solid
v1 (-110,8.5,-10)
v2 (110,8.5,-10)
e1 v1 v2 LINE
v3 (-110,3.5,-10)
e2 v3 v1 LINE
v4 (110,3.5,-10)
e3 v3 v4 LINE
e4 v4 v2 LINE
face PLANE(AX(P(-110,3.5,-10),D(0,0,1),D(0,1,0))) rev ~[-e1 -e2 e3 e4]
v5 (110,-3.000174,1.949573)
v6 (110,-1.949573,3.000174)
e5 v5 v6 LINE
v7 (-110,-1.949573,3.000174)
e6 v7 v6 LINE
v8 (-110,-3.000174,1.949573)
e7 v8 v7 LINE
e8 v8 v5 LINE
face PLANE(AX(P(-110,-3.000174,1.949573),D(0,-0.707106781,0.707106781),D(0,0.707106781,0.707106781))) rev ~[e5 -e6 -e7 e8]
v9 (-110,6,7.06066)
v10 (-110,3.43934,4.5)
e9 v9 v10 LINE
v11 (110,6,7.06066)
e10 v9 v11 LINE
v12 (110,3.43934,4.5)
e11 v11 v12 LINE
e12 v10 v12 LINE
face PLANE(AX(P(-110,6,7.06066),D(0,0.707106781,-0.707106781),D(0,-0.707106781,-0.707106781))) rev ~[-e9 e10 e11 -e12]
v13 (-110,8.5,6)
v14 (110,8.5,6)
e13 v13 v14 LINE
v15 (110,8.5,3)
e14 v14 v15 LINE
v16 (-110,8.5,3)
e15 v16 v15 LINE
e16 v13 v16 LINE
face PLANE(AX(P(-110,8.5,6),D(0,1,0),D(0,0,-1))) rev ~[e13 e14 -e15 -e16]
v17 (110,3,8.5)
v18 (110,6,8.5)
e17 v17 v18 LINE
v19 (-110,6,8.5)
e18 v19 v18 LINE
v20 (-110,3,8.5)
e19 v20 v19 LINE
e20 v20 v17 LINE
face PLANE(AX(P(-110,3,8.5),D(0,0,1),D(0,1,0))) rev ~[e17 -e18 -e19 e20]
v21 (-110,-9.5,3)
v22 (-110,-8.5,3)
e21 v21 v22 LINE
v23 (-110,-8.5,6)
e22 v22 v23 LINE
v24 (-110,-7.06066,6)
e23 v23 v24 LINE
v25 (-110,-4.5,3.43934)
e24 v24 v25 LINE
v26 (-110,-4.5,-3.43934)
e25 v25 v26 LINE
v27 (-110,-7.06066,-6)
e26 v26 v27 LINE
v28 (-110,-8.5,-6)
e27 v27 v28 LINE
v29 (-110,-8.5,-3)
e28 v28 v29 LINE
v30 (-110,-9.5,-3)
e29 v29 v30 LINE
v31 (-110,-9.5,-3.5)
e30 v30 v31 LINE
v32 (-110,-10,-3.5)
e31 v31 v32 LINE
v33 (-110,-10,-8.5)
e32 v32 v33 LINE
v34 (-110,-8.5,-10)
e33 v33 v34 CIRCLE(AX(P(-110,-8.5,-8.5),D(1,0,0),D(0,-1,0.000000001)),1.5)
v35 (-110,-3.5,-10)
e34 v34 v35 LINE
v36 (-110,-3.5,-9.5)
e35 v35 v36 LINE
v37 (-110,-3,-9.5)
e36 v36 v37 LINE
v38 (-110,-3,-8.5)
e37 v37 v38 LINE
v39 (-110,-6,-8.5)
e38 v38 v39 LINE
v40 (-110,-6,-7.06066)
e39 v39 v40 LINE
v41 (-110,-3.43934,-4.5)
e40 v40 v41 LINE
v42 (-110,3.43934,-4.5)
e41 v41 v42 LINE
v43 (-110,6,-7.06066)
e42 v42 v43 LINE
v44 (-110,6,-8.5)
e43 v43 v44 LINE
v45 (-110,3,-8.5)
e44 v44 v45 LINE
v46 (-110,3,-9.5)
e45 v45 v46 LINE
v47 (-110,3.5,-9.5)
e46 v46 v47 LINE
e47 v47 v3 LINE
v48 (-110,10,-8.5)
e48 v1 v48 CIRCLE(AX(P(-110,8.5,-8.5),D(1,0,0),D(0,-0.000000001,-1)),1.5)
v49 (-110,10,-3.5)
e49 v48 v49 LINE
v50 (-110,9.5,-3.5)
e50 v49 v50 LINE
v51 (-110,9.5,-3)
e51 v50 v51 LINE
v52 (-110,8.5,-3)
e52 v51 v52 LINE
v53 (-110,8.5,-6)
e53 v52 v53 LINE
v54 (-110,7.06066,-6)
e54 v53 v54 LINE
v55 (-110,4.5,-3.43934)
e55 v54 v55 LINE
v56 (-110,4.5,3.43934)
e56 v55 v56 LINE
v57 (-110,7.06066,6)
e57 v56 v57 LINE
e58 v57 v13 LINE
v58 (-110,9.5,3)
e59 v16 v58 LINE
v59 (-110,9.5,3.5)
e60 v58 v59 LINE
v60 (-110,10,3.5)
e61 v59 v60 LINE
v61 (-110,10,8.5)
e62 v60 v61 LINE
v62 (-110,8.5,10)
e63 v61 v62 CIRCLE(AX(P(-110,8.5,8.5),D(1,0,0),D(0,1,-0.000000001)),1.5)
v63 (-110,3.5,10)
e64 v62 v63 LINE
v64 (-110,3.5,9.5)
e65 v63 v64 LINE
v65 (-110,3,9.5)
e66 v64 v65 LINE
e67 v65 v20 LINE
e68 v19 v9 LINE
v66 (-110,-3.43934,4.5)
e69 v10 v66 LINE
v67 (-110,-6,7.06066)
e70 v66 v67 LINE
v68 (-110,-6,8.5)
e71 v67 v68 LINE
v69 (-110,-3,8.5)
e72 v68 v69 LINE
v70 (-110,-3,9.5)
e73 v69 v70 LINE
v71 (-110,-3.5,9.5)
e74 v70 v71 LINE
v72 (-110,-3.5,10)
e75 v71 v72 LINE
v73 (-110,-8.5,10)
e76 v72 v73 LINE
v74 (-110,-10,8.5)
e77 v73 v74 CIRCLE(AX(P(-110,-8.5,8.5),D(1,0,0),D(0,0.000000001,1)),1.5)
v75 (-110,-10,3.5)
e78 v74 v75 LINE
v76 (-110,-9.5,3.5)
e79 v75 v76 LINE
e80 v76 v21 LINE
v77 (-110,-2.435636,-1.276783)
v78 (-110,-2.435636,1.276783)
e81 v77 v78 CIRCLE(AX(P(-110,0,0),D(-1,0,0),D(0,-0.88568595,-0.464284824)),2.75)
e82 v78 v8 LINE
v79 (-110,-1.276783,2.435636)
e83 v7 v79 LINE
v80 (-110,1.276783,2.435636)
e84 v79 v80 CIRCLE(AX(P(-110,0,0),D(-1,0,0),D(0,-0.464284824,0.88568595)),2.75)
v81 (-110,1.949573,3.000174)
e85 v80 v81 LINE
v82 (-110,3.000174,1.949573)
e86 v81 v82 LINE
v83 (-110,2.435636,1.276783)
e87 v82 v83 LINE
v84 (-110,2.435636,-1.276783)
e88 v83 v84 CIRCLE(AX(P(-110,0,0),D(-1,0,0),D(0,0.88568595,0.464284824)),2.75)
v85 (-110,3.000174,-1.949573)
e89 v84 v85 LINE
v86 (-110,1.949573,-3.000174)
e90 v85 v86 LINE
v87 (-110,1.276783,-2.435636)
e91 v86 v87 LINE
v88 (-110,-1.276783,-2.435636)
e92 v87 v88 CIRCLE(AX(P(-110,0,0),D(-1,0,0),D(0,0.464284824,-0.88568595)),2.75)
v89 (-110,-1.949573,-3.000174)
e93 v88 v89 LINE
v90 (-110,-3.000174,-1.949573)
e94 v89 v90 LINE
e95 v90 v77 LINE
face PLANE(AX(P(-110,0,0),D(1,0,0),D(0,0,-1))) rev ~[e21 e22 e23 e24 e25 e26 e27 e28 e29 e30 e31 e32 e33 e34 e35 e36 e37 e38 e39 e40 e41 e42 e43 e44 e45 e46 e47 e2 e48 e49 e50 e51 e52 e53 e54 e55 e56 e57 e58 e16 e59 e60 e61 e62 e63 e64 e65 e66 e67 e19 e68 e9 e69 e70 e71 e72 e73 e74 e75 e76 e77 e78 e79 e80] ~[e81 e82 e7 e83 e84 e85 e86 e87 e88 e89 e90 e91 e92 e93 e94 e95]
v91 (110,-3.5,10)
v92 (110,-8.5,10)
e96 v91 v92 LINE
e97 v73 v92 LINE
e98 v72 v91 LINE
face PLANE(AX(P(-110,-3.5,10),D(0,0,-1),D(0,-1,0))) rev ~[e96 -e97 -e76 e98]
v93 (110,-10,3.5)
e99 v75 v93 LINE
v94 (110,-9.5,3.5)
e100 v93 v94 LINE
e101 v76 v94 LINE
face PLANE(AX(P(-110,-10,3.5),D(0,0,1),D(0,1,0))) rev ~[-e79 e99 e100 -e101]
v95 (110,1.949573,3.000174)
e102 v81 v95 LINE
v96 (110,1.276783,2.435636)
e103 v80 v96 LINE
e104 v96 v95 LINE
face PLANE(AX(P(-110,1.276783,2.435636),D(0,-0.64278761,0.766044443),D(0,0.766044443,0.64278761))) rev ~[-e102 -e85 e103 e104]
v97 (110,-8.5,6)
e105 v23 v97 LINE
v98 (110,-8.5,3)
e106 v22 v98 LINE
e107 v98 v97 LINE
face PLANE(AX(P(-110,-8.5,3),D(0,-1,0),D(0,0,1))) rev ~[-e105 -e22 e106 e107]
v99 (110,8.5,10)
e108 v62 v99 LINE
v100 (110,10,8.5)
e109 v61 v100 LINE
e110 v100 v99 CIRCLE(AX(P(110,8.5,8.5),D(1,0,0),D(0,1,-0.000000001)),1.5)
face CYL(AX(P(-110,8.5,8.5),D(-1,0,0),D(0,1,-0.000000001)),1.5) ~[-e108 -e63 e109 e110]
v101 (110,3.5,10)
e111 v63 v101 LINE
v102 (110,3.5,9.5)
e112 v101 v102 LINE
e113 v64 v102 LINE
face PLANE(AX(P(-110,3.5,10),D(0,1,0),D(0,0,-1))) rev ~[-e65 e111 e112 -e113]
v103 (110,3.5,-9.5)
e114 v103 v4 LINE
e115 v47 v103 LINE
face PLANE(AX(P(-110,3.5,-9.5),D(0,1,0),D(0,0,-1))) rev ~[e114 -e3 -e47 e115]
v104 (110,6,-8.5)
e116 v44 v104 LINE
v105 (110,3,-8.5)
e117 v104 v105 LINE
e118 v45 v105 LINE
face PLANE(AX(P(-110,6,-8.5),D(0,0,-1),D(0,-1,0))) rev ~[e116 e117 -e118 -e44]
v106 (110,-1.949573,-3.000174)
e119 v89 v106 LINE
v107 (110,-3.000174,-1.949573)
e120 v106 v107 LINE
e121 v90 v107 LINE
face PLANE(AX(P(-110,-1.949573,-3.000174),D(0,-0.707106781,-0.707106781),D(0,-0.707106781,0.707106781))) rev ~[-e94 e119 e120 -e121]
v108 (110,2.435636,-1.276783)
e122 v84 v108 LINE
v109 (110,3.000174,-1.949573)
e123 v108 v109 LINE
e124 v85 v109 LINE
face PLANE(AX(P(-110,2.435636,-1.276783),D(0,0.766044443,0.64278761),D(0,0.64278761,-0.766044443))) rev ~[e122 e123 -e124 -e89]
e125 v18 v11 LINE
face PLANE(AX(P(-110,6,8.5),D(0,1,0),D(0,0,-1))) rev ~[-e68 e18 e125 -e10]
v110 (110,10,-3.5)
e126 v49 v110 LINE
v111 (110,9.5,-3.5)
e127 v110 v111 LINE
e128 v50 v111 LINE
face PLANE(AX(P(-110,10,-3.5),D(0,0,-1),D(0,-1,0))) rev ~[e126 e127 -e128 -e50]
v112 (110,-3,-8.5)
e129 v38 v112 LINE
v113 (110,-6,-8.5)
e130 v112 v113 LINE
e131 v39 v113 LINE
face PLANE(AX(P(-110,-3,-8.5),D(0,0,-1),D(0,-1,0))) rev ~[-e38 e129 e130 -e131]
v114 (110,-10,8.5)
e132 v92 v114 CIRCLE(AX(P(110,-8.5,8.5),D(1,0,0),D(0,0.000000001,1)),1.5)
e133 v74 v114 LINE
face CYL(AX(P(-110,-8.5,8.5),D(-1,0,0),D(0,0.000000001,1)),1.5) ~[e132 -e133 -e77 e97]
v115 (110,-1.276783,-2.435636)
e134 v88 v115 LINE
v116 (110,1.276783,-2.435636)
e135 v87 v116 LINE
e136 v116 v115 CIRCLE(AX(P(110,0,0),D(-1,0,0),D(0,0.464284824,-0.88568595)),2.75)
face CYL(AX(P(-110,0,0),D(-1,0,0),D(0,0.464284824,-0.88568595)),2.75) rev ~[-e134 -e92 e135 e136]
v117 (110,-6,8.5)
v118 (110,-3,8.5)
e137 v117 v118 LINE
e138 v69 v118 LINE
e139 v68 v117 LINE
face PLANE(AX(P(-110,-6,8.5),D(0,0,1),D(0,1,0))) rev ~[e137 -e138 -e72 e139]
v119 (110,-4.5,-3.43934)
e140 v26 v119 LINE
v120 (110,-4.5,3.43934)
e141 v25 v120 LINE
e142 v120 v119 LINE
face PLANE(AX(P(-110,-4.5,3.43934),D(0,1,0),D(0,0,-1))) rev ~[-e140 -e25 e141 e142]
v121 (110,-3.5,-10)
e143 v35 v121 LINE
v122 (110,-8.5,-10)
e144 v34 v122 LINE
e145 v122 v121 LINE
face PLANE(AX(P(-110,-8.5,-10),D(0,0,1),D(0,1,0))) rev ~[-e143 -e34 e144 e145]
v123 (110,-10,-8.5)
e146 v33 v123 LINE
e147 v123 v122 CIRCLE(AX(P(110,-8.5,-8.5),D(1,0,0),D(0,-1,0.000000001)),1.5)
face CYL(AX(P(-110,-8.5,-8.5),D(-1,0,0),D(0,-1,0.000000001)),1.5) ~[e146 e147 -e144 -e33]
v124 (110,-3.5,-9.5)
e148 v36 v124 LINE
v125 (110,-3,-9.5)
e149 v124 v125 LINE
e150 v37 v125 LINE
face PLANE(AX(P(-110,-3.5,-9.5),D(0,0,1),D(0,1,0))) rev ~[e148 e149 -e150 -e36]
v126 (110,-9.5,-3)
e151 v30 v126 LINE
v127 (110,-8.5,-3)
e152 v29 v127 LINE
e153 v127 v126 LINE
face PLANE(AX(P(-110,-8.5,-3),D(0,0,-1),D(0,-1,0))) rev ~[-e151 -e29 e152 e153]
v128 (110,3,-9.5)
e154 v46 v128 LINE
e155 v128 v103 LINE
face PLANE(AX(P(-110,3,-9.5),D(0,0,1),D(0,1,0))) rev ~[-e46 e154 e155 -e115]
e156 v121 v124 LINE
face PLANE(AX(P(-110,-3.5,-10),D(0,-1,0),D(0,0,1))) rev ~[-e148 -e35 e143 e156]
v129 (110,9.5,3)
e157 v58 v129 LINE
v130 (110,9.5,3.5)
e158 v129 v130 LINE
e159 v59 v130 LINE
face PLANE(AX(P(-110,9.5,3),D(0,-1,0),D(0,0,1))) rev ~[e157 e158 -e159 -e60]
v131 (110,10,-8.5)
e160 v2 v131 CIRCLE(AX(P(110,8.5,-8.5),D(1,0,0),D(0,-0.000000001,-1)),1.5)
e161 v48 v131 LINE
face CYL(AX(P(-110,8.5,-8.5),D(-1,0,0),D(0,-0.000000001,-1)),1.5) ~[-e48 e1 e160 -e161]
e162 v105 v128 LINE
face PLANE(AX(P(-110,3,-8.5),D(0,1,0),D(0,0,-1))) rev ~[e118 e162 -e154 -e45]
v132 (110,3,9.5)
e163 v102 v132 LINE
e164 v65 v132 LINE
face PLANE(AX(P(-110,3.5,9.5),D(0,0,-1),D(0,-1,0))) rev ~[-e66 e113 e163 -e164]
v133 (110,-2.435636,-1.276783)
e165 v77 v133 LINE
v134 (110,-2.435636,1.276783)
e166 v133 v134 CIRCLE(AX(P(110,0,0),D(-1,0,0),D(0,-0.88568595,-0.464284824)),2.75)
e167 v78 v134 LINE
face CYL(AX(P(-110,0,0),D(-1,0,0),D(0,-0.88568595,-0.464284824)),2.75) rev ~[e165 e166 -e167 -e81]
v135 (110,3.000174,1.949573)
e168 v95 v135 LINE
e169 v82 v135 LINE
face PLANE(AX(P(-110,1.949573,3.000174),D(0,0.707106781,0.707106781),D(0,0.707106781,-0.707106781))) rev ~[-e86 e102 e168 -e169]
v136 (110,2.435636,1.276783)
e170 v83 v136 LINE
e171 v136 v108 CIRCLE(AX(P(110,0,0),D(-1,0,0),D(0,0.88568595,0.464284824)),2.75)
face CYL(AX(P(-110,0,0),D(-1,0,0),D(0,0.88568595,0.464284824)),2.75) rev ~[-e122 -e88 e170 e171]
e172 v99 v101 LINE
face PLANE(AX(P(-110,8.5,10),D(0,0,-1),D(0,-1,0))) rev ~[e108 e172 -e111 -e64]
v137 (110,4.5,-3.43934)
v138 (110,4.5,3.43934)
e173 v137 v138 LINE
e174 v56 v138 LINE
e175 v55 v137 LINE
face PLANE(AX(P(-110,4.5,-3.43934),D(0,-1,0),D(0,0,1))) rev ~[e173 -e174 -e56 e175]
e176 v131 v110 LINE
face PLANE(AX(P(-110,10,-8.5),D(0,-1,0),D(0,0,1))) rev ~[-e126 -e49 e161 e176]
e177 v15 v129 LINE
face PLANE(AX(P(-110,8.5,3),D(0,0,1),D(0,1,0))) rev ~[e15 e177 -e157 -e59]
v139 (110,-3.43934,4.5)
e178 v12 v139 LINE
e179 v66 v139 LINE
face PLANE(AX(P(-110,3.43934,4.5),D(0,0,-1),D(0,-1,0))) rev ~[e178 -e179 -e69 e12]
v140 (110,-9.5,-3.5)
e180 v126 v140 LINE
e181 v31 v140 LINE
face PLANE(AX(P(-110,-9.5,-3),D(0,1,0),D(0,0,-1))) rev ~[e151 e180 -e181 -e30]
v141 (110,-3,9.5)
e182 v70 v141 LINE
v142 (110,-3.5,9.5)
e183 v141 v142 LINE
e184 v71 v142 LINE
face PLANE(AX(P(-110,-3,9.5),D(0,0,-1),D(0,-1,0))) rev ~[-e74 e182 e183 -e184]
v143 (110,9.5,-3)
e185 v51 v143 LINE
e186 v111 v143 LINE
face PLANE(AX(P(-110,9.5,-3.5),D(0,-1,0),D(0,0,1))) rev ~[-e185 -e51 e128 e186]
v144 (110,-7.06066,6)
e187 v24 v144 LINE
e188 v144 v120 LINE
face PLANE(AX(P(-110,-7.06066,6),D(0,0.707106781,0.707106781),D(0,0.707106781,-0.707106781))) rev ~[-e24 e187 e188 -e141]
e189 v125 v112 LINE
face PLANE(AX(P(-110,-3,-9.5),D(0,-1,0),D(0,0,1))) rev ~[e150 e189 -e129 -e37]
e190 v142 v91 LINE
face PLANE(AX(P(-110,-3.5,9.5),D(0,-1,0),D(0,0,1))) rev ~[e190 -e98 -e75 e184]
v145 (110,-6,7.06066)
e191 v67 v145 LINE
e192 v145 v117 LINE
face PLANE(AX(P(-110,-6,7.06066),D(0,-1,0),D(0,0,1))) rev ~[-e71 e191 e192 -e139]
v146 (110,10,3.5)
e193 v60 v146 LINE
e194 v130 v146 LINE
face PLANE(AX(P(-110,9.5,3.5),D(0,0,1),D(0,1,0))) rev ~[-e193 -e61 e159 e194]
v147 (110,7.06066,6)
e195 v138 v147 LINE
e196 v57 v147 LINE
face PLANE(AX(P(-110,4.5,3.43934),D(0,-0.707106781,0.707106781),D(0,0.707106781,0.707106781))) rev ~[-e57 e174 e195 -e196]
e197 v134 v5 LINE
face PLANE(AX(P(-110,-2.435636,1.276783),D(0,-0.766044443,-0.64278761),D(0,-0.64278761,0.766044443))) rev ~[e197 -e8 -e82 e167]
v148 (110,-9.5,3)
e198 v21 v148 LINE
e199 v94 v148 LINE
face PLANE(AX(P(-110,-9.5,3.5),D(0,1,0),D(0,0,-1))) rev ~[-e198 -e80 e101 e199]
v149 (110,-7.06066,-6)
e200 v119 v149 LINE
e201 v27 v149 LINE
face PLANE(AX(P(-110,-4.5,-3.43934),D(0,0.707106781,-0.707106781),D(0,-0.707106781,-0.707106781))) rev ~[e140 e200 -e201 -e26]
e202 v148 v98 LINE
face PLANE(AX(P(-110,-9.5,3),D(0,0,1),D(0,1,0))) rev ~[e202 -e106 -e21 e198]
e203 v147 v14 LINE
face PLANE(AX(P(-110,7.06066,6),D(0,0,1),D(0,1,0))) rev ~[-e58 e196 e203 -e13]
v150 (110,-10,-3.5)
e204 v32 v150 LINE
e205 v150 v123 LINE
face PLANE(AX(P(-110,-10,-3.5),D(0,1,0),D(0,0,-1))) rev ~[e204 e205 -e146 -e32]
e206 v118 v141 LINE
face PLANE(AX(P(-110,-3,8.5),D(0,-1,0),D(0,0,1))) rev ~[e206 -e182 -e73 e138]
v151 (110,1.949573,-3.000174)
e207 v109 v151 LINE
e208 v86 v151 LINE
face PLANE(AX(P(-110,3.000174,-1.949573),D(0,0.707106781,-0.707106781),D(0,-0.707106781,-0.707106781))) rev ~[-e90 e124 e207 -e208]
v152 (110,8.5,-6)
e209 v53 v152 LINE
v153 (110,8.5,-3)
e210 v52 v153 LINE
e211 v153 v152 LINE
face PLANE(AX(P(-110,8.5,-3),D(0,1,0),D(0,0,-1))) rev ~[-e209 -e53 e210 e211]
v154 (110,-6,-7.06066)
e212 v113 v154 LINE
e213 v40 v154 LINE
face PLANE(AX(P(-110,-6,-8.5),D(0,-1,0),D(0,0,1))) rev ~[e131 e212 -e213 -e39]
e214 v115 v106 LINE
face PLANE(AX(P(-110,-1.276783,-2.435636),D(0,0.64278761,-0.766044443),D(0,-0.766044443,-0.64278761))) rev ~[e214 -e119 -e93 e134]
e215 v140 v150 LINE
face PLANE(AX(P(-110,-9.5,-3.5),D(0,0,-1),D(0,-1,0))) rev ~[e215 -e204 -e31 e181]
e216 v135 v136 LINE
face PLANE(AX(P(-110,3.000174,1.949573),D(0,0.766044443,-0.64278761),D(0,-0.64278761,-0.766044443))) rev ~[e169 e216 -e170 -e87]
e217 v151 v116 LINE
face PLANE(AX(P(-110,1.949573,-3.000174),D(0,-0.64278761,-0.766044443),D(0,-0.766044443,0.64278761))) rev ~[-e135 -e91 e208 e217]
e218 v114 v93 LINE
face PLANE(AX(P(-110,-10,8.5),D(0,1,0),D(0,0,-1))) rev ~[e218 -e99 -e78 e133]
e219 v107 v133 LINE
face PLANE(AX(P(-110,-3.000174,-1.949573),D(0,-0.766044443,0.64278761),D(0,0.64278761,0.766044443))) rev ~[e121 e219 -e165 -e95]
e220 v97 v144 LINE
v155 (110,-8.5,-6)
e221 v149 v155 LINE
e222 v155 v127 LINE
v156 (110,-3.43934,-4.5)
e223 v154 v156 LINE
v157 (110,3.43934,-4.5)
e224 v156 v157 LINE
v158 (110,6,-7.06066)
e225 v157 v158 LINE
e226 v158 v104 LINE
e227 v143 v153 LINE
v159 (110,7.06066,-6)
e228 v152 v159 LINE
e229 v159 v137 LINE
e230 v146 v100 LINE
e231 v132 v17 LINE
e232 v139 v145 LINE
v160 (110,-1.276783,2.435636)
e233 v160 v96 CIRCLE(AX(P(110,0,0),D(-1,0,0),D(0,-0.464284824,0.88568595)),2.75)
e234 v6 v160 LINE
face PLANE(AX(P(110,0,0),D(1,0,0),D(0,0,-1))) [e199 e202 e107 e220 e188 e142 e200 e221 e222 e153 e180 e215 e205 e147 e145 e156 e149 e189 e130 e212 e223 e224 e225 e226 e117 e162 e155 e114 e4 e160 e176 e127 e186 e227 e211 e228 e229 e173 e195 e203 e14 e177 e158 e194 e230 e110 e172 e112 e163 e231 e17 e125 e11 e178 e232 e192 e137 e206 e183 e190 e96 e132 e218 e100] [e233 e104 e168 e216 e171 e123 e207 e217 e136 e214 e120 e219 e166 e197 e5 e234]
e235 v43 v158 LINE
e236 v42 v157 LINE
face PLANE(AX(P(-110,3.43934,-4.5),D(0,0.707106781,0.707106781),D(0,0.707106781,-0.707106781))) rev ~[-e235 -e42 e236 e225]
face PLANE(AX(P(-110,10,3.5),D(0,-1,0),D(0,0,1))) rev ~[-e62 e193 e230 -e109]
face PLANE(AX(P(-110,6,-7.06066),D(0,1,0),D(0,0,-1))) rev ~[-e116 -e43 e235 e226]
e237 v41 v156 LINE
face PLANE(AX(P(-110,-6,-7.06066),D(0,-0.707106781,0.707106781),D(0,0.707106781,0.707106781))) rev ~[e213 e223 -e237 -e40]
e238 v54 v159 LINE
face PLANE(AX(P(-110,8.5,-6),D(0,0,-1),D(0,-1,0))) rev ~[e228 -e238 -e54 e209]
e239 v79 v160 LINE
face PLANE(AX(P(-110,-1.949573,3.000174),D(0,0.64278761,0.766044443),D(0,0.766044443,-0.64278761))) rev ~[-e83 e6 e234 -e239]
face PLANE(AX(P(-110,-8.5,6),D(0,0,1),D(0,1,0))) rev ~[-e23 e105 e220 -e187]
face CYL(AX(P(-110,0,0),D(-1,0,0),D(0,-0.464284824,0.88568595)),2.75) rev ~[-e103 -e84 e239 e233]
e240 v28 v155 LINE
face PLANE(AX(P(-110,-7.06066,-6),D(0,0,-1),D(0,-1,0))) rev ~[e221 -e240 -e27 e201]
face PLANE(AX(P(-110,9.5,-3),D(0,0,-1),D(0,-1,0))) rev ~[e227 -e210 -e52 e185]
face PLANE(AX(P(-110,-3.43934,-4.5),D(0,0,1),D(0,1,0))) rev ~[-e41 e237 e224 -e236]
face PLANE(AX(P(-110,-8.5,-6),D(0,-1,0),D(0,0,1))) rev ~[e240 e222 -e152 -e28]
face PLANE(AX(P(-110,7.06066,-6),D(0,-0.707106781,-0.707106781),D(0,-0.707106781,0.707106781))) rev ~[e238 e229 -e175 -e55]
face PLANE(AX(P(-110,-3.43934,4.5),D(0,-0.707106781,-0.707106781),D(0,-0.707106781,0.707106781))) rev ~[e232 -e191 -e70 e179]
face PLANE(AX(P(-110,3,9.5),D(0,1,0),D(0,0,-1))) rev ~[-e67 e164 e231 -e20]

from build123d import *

# Parameters (mm, degrees)
BR_EXTRUDE_DEPTH      = 110
BR_EXTRUDE_DEPTH_BACK = 110


with BuildPart() as part:
    # Sketch2 → BR_Extrude (new, two sides: drawn at the far end of the back side and taken through both)
    with BuildSketch(Plane(origin=(0, 0, 0), x_dir=(0, 0, -1), z_dir=(1, 0, 0)).offset(-BR_EXTRUDE_DEPTH_BACK)):
        with BuildLine():
            Line((-7.060660172, -6), (-8.5, -6))
            Line((-8.5, -6), (-8.5, -3))
            Line((-8.5, -3), (-9.5, -3))
            Line((-9.5, -3), (-9.5, -3.5))
            Line((-9.5, -3.5), (-10, -3.5))
            Line((-10, -3.5), (-10, -8.5))
            ThreePointArc((-10, -8.5), (-9.560660172, -9.560660172), (-8.5, -10))
            Line((-8.5, -10), (-3.5, -10))
            Line((-3.5, -10), (-3.5, -9.5))
            Line((-3.5, -9.5), (-3, -9.5))
            Line((-3, -9.5), (-3, -8.5))
            Line((-3, -8.5), (-6, -8.5))
            Line((-6, -8.5), (-6, -7.060660172))
            Line((-6, -7.060660172), (-3.439339828, -4.5))
            Line((-3.439339828, -4.5), (3.439339828, -4.5))
            Line((3.439339828, -4.5), (6, -7.060660172))
            Line((6, -7.060660172), (6, -8.5))
            Line((6, -8.5), (3, -8.5))
            Line((3, -8.5), (3, -9.5))
            Line((3, -9.5), (3.5, -9.5))
            Line((3.5, -9.5), (3.5, -10))
            Line((3.5, -10), (8.5, -10))
            ThreePointArc((8.5, -10), (9.560660172, -9.560660172), (10, -8.5))
            Line((10, -8.5), (10, -3.5))
            Line((10, -3.5), (9.5, -3.5))
            Line((9.5, -3.5), (9.5, -3))
            Line((9.5, -3), (8.5, -3))
            Line((8.5, -3), (8.5, -6))
            Line((8.5, -6), (7.060660172, -6))
            Line((7.060660172, -6), (4.5, -3.439339828))
            Line((4.5, -3.439339828), (4.5, 3.439339828))
            Line((4.5, 3.439339828), (7.060660172, 6))
            Line((7.060660172, 6), (8.5, 6))
            Line((8.5, 6), (8.5, 3))
            Line((8.5, 3), (9.5, 3))
            Line((9.5, 3), (9.5, 3.5))
            Line((9.5, 3.5), (10, 3.5))
            Line((10, 3.5), (10, 8.5))
            ThreePointArc((10, 8.5), (9.560660172, 9.560660172), (8.5, 10))
            Line((8.5, 10), (3.5, 10))
            Line((3.5, 10), (3.5, 9.5))
            Line((3.5, 9.5), (3, 9.5))
            Line((3, 9.5), (3, 8.5))
            Line((3, 8.5), (6, 8.5))
            Line((6, 8.5), (6, 7.060660172))
            Line((6, 7.060660172), (3.439339828, 4.5))
            Line((3.439339828, 4.5), (-3.439339828, 4.5))
            Line((-3.439339828, 4.5), (-6, 7.060660172))
            Line((-6, 7.060660172), (-6, 8.5))
            Line((-6, 8.5), (-3, 8.5))
            Line((-3, 8.5), (-3, 9.5))
            Line((-3, 9.5), (-3.5, 9.5))
            Line((-3.5, 9.5), (-3.5, 10))
            Line((-3.5, 10), (-8.5, 10))
            ThreePointArc((-8.5, 10), (-9.560660172, 9.560660172), (-10, 8.5))
            Line((-10, 8.5), (-10, 3.5))
            Line((-10, 3.5), (-9.5, 3.5))
            Line((-9.5, 3.5), (-9.5, 3))
            Line((-9.5, 3), (-8.5, 3))
            Line((-8.5, 3), (-8.5, 6))
            Line((-8.5, 6), (-7.060660172, 6))
            Line((-7.060660172, 6), (-4.5, 3.439339828))
            Line((-4.5, 3.439339828), (-4.5, -3.439339828))
            Line((-4.5, -3.439339828), (-7.060660172, -6))
        make_face()
        with BuildLine():
            Line((-3.000174203, -1.949573265), (-2.435636363, -1.276783266))
            ThreePointArc((-2.435636363, -1.276783266), (-2.75, 0), (-2.435636363, 1.276783266))
            Line((-2.435636363, 1.276783266), (-3.000174203, 1.949573265))
            Line((-3.000174203, 1.949573265), (-1.949573265, 3.000174203))
            Line((-1.949573265, 3.000174203), (-1.276783266, 2.435636363))
            ThreePointArc((-1.276783266, 2.435636363), (0, 2.75), (1.276783266, 2.435636363))
            Line((1.276783266, 2.435636363), (1.949573265, 3.000174203))
            Line((1.949573265, 3.000174203), (3.000174203, 1.949573265))
            Line((3.000174203, 1.949573265), (2.435636363, 1.276783266))
            ThreePointArc((2.435636363, 1.276783266), (2.75, 0), (2.435636363, -1.276783266))
            Line((2.435636363, -1.276783266), (3.000174203, -1.949573265))
            Line((3.000174203, -1.949573265), (1.949573265, -3.000174203))
            Line((1.949573265, -3.000174203), (1.276783266, -2.435636363))
            ThreePointArc((1.276783266, -2.435636363), (0, -2.75), (-1.276783266, -2.435636363))
            Line((-1.276783266, -2.435636363), (-1.949573265, -3.000174203))
            Line((-1.949573265, -3.000174203), (-3.000174203, -1.949573265))
        make_face(mode=Mode.SUBTRACT)
    extrude(amount=BR_EXTRUDE_DEPTH + BR_EXTRUDE_DEPTH_BACK)


solid = part.part
